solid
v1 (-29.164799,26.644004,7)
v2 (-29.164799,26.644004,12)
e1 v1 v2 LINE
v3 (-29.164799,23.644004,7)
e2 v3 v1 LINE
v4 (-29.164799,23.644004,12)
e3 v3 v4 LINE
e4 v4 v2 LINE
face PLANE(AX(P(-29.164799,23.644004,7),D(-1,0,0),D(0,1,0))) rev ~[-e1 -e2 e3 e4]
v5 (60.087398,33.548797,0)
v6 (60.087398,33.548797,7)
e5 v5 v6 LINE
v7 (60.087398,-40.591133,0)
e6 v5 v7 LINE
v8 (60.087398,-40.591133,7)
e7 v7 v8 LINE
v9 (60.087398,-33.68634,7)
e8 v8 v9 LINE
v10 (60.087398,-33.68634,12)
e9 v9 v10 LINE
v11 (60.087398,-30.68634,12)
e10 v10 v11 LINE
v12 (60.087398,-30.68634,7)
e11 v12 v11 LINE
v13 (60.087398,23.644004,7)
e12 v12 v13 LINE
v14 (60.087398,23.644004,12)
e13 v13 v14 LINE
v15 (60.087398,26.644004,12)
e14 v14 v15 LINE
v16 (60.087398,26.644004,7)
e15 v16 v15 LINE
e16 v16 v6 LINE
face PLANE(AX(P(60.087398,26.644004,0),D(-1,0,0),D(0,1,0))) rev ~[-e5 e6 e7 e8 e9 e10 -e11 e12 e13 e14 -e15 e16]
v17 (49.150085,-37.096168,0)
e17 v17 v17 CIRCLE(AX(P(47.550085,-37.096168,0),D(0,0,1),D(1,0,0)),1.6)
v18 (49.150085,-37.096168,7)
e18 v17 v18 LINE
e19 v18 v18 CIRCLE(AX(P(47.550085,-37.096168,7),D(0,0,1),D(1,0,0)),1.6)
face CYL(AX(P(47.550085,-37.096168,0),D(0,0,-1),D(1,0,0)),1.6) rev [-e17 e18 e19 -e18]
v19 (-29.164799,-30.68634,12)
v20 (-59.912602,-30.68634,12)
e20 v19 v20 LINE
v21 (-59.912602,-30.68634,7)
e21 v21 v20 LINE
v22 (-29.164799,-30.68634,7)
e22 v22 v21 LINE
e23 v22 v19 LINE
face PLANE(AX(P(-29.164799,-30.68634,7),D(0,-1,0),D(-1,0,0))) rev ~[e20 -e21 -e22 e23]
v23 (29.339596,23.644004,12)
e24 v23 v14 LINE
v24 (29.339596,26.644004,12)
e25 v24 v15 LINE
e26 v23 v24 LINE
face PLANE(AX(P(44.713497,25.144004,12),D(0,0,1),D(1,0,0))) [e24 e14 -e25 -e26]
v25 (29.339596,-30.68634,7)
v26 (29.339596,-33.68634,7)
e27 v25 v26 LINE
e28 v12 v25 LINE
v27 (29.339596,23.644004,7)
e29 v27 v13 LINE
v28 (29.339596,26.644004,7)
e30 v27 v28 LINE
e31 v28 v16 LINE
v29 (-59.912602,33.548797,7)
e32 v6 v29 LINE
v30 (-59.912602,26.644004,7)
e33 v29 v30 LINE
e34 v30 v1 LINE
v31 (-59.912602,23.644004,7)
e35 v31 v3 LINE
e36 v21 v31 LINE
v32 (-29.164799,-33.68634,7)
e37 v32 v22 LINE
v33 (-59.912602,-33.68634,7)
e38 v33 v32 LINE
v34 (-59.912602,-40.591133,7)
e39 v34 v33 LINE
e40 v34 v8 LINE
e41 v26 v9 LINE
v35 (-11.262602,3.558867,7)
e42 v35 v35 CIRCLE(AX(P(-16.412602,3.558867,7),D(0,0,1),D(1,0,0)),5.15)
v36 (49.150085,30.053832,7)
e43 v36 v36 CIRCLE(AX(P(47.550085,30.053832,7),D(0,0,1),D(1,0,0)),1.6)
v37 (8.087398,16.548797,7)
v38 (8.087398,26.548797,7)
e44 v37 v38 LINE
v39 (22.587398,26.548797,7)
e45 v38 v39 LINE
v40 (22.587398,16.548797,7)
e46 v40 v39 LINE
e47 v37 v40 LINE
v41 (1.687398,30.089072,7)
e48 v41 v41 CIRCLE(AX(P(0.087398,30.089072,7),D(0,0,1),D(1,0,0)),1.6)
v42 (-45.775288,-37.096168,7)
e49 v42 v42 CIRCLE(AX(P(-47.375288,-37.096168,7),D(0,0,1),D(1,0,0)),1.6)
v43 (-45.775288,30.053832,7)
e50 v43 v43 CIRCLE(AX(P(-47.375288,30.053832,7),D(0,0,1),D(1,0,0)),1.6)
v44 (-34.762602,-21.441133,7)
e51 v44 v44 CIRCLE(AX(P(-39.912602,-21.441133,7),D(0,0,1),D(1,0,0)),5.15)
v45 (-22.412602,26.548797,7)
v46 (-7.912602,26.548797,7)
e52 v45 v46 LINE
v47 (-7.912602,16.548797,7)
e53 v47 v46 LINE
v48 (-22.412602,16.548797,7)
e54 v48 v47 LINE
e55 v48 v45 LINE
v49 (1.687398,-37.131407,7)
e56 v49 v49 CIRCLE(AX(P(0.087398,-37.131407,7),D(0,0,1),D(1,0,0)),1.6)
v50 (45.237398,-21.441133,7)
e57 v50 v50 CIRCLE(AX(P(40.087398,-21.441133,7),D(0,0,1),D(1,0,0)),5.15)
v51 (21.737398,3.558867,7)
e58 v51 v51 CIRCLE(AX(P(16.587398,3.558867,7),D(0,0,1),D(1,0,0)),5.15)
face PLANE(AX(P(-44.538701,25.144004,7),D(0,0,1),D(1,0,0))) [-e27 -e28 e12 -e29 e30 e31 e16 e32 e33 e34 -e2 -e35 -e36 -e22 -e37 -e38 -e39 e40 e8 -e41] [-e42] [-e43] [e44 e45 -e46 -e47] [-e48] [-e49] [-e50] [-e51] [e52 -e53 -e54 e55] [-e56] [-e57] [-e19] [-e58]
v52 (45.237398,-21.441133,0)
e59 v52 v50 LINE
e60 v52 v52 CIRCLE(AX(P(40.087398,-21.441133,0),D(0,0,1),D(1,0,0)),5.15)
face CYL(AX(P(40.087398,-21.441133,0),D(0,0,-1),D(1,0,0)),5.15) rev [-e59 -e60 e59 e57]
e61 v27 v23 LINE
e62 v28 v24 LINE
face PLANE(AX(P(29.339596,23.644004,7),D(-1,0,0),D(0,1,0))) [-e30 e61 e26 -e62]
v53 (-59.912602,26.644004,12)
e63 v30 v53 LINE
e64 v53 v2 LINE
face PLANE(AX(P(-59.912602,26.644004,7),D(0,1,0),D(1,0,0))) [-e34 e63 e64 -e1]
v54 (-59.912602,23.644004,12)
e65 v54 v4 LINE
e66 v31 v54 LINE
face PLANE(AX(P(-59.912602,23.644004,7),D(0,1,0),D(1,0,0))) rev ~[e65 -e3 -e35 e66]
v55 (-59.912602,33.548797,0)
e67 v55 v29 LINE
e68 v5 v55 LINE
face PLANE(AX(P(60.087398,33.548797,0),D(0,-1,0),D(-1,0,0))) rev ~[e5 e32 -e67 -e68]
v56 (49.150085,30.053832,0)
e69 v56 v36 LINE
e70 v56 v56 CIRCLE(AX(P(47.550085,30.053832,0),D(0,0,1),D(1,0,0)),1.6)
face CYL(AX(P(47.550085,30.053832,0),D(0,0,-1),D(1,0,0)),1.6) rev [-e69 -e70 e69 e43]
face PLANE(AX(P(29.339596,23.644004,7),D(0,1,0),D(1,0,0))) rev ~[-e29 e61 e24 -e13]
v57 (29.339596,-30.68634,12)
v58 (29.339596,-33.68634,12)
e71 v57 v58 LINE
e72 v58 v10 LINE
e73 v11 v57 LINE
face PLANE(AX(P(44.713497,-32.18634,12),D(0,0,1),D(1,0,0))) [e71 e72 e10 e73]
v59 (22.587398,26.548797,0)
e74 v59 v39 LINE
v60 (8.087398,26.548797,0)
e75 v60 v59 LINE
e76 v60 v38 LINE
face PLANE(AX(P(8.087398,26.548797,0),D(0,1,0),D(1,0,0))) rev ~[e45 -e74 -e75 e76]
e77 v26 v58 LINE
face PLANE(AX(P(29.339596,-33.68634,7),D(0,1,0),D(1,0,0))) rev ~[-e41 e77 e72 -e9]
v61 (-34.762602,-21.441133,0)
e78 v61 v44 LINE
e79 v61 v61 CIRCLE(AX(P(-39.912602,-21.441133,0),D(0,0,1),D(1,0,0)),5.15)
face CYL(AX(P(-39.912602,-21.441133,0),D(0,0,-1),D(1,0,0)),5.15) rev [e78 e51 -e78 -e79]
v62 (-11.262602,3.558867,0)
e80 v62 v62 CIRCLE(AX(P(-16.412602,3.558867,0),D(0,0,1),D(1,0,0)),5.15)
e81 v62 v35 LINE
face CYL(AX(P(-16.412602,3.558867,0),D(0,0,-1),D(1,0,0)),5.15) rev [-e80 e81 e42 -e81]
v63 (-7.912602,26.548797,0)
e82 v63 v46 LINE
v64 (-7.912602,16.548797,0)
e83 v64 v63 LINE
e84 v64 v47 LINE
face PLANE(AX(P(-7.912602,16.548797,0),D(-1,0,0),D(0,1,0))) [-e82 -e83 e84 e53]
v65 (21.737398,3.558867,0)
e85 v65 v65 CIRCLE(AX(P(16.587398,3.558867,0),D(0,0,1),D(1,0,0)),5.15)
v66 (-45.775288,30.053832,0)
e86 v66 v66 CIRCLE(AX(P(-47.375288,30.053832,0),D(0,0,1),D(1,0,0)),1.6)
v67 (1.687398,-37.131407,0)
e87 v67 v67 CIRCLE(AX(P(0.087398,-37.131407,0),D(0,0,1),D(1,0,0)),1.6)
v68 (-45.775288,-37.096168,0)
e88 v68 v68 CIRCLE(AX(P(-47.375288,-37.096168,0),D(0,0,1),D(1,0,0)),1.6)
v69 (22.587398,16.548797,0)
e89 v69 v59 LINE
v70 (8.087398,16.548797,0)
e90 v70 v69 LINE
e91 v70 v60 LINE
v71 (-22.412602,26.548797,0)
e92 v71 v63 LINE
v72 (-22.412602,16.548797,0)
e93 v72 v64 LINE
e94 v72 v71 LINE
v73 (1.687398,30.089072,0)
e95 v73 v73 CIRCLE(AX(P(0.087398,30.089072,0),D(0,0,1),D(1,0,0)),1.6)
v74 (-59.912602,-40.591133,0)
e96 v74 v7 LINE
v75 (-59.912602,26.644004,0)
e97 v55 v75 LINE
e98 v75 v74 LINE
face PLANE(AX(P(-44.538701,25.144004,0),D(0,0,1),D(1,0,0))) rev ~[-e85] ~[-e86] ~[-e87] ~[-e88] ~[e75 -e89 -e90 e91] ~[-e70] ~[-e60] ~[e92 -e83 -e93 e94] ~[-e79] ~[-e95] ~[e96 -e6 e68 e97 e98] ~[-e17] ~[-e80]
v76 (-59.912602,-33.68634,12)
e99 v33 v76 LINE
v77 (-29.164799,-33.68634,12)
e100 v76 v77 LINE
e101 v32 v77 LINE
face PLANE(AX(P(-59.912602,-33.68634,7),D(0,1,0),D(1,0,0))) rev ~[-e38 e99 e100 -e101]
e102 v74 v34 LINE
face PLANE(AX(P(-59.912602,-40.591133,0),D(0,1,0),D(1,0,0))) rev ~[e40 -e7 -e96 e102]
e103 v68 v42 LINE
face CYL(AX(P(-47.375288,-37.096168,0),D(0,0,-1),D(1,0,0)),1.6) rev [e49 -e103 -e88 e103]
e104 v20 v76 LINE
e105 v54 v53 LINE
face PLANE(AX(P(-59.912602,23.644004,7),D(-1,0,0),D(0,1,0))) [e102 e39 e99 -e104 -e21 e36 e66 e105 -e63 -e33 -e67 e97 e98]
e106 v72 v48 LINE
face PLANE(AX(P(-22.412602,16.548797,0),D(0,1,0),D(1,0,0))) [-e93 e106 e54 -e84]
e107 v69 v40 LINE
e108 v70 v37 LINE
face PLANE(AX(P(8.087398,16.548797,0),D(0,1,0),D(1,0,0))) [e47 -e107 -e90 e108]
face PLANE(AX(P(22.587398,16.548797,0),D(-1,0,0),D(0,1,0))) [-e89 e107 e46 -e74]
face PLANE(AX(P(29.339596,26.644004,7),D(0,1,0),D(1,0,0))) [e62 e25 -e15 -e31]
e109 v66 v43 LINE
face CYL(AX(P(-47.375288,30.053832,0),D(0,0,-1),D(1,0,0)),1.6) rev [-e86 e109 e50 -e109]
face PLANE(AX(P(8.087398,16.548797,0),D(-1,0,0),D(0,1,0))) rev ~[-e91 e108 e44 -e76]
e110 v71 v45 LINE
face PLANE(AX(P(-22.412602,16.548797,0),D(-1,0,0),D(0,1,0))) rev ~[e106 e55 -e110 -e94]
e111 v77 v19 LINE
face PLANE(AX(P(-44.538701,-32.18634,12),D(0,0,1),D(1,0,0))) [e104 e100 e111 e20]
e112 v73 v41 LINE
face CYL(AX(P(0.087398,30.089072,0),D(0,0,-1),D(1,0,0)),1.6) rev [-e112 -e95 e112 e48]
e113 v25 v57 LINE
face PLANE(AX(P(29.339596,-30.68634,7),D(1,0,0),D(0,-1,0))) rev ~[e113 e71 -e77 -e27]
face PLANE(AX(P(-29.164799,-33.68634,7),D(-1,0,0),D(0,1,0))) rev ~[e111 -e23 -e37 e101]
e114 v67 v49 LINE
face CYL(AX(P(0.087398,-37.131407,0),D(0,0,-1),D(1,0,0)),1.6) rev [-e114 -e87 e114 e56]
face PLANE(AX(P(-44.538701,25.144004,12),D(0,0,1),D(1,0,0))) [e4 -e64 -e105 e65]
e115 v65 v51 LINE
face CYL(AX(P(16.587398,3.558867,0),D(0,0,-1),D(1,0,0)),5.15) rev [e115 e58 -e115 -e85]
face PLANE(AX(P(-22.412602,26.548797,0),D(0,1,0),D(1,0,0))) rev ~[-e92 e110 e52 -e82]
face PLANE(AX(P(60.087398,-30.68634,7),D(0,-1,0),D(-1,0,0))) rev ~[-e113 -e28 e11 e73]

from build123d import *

# Parameters (mm, degrees)
ESBO_O1_R                = 1.6
ESBO_O1_R_2              = 5.15
ESBO_O1_W                = 14.5
ESBO_O1_H                = 10
ESBO_O1_W_2              = 30.747802568
ESBO_O1_H_2              = 3
ESBO_O1_W_3              = 30.747802569
RESSALTO_EXTRUS_O1_DEPTH = 7
RESSALTO_EXTRUS_O3_START = 7
ESBO_O1_5_W              = 30.747802569
ESBO_O1_5_H              = 3
ESBO_O1_5_W_2            = 30.747802568
RESSALTO_EXTRUS_O3_DEPTH = 5


with BuildPart() as part:
    # Esboço1 → Ressalto-extrusão1 (new body)
    # profile 1 of 5: a face of its own
    with BuildSketch(Plane.XY):
        Polygon((60.087398189, 33.548797322), (-59.912601811, 33.548797322), (-59.912601811, 26.644004496), (-29.164799242, 26.644004496), (-29.164799242, 23.644004496), (-59.912601811, 23.644004496), (-59.912601811, -30.686339735), (-29.164799242, -30.686339735), (-29.164799242, -33.686339735), (-59.912601811, -33.686339735), (-59.912601811, -40.591132561), (60.087398189, -40.591132561), (60.087398189, -33.686339735), (29.339595621, -33.686339735), (29.339595621, -30.686339735), (60.087398189, -30.686339735), (60.087398189, 23.644004496), (29.339595621, 23.644004496), (29.339595621, 26.644004496), (60.087398189, 26.644004496), align=None)
        with Locations((-47.375288378, -37.09616762)):
            Circle(ESBO_O1_R, mode=Mode.SUBTRACT)
        with Locations((0.087398189, -37.13140726)):
            Circle(ESBO_O1_R, mode=Mode.SUBTRACT)
        with Locations((-39.912601811, -21.441132561)):
            Circle(ESBO_O1_R_2, mode=Mode.SUBTRACT)
        with Locations((47.550084756, -37.09616762)):
            Circle(ESBO_O1_R, mode=Mode.SUBTRACT)
        with Locations((40.087398189, -21.441132561)):
            Circle(ESBO_O1_R_2, mode=Mode.SUBTRACT)
        with Locations((-16.412601811, 3.558867439)):
            Circle(ESBO_O1_R_2, mode=Mode.SUBTRACT)
        with Locations((-47.375288378, 30.05383238)):
            Circle(ESBO_O1_R, mode=Mode.SUBTRACT)
        with Locations((-15.162601811, 21.548797322)):
            Rectangle(ESBO_O1_W, ESBO_O1_H, mode=Mode.SUBTRACT)
        with Locations((0.087398189, 30.08907202)):
            Circle(ESBO_O1_R, mode=Mode.SUBTRACT)
        with Locations((16.587398189, 3.558867439)):
            Circle(ESBO_O1_R_2, mode=Mode.SUBTRACT)
        with Locations((15.337398189, 21.548797322)):
            Rectangle(ESBO_O1_W, ESBO_O1_H, mode=Mode.SUBTRACT)
        with Locations((47.550084756, 30.05383238)):
            Circle(ESBO_O1_R, mode=Mode.SUBTRACT)
    # profile 2 of 5: a face of its own
    with BuildSketch(Plane.XY):
        Polygon((-29.164799242, -30.686339735), (-59.912601811, -30.686339735), (-59.912601811, -33.451202678), (-59.912601811, -33.686339735), (-29.164799242, -33.686339735), align=None)
    # profile 3 of 5: a face of its own
    with BuildSketch(Plane.XY):
        Polygon((60.087398189, -33.646676702), (60.087398189, -30.686339735), (29.339595621, -30.686339735), (29.339595621, -33.686339735), (60.087398189, -33.686339735), align=None)
    # profile 4 of 5: a face of its own
    with BuildSketch(Plane.XY):
        with Locations((44.713496905, 25.144004496)):
            Rectangle(ESBO_O1_W_2, ESBO_O1_H_2)
    # profile 5 of 5: a face of its own
    with BuildSketch(Plane.XY):
        with Locations((-44.538700527, 25.144004496)):
            Rectangle(ESBO_O1_W_3, ESBO_O1_H_2)
    extrude(amount=RESSALTO_EXTRUS_O1_DEPTH)

    # Esboço1<5> → Ressalto-extrusão3 (add)
    with BuildSketch(Plane.XY.offset(RESSALTO_EXTRUS_O3_START)):
        with Locations((-44.538700527, 25.144004496)):
            Rectangle(ESBO_O1_5_W, ESBO_O1_5_H)
        with Locations((44.713496905, 25.144004496)):
            Rectangle(ESBO_O1_5_W_2, ESBO_O1_5_H)
        Polygon((-29.164799242, -30.686339735), (-59.912601811, -30.686339735), (-59.912601811, -33.451202678), (-59.912601811, -33.686339735), (-29.164799242, -33.686339735), align=None)
        Polygon((60.087398189, -33.646676702), (60.087398189, -30.686339735), (29.339595621, -30.686339735), (29.339595621, -33.686339735), (60.087398189, -33.686339735), align=None)
    extrude(amount=RESSALTO_EXTRUS_O3_DEPTH)


solid = part.part
